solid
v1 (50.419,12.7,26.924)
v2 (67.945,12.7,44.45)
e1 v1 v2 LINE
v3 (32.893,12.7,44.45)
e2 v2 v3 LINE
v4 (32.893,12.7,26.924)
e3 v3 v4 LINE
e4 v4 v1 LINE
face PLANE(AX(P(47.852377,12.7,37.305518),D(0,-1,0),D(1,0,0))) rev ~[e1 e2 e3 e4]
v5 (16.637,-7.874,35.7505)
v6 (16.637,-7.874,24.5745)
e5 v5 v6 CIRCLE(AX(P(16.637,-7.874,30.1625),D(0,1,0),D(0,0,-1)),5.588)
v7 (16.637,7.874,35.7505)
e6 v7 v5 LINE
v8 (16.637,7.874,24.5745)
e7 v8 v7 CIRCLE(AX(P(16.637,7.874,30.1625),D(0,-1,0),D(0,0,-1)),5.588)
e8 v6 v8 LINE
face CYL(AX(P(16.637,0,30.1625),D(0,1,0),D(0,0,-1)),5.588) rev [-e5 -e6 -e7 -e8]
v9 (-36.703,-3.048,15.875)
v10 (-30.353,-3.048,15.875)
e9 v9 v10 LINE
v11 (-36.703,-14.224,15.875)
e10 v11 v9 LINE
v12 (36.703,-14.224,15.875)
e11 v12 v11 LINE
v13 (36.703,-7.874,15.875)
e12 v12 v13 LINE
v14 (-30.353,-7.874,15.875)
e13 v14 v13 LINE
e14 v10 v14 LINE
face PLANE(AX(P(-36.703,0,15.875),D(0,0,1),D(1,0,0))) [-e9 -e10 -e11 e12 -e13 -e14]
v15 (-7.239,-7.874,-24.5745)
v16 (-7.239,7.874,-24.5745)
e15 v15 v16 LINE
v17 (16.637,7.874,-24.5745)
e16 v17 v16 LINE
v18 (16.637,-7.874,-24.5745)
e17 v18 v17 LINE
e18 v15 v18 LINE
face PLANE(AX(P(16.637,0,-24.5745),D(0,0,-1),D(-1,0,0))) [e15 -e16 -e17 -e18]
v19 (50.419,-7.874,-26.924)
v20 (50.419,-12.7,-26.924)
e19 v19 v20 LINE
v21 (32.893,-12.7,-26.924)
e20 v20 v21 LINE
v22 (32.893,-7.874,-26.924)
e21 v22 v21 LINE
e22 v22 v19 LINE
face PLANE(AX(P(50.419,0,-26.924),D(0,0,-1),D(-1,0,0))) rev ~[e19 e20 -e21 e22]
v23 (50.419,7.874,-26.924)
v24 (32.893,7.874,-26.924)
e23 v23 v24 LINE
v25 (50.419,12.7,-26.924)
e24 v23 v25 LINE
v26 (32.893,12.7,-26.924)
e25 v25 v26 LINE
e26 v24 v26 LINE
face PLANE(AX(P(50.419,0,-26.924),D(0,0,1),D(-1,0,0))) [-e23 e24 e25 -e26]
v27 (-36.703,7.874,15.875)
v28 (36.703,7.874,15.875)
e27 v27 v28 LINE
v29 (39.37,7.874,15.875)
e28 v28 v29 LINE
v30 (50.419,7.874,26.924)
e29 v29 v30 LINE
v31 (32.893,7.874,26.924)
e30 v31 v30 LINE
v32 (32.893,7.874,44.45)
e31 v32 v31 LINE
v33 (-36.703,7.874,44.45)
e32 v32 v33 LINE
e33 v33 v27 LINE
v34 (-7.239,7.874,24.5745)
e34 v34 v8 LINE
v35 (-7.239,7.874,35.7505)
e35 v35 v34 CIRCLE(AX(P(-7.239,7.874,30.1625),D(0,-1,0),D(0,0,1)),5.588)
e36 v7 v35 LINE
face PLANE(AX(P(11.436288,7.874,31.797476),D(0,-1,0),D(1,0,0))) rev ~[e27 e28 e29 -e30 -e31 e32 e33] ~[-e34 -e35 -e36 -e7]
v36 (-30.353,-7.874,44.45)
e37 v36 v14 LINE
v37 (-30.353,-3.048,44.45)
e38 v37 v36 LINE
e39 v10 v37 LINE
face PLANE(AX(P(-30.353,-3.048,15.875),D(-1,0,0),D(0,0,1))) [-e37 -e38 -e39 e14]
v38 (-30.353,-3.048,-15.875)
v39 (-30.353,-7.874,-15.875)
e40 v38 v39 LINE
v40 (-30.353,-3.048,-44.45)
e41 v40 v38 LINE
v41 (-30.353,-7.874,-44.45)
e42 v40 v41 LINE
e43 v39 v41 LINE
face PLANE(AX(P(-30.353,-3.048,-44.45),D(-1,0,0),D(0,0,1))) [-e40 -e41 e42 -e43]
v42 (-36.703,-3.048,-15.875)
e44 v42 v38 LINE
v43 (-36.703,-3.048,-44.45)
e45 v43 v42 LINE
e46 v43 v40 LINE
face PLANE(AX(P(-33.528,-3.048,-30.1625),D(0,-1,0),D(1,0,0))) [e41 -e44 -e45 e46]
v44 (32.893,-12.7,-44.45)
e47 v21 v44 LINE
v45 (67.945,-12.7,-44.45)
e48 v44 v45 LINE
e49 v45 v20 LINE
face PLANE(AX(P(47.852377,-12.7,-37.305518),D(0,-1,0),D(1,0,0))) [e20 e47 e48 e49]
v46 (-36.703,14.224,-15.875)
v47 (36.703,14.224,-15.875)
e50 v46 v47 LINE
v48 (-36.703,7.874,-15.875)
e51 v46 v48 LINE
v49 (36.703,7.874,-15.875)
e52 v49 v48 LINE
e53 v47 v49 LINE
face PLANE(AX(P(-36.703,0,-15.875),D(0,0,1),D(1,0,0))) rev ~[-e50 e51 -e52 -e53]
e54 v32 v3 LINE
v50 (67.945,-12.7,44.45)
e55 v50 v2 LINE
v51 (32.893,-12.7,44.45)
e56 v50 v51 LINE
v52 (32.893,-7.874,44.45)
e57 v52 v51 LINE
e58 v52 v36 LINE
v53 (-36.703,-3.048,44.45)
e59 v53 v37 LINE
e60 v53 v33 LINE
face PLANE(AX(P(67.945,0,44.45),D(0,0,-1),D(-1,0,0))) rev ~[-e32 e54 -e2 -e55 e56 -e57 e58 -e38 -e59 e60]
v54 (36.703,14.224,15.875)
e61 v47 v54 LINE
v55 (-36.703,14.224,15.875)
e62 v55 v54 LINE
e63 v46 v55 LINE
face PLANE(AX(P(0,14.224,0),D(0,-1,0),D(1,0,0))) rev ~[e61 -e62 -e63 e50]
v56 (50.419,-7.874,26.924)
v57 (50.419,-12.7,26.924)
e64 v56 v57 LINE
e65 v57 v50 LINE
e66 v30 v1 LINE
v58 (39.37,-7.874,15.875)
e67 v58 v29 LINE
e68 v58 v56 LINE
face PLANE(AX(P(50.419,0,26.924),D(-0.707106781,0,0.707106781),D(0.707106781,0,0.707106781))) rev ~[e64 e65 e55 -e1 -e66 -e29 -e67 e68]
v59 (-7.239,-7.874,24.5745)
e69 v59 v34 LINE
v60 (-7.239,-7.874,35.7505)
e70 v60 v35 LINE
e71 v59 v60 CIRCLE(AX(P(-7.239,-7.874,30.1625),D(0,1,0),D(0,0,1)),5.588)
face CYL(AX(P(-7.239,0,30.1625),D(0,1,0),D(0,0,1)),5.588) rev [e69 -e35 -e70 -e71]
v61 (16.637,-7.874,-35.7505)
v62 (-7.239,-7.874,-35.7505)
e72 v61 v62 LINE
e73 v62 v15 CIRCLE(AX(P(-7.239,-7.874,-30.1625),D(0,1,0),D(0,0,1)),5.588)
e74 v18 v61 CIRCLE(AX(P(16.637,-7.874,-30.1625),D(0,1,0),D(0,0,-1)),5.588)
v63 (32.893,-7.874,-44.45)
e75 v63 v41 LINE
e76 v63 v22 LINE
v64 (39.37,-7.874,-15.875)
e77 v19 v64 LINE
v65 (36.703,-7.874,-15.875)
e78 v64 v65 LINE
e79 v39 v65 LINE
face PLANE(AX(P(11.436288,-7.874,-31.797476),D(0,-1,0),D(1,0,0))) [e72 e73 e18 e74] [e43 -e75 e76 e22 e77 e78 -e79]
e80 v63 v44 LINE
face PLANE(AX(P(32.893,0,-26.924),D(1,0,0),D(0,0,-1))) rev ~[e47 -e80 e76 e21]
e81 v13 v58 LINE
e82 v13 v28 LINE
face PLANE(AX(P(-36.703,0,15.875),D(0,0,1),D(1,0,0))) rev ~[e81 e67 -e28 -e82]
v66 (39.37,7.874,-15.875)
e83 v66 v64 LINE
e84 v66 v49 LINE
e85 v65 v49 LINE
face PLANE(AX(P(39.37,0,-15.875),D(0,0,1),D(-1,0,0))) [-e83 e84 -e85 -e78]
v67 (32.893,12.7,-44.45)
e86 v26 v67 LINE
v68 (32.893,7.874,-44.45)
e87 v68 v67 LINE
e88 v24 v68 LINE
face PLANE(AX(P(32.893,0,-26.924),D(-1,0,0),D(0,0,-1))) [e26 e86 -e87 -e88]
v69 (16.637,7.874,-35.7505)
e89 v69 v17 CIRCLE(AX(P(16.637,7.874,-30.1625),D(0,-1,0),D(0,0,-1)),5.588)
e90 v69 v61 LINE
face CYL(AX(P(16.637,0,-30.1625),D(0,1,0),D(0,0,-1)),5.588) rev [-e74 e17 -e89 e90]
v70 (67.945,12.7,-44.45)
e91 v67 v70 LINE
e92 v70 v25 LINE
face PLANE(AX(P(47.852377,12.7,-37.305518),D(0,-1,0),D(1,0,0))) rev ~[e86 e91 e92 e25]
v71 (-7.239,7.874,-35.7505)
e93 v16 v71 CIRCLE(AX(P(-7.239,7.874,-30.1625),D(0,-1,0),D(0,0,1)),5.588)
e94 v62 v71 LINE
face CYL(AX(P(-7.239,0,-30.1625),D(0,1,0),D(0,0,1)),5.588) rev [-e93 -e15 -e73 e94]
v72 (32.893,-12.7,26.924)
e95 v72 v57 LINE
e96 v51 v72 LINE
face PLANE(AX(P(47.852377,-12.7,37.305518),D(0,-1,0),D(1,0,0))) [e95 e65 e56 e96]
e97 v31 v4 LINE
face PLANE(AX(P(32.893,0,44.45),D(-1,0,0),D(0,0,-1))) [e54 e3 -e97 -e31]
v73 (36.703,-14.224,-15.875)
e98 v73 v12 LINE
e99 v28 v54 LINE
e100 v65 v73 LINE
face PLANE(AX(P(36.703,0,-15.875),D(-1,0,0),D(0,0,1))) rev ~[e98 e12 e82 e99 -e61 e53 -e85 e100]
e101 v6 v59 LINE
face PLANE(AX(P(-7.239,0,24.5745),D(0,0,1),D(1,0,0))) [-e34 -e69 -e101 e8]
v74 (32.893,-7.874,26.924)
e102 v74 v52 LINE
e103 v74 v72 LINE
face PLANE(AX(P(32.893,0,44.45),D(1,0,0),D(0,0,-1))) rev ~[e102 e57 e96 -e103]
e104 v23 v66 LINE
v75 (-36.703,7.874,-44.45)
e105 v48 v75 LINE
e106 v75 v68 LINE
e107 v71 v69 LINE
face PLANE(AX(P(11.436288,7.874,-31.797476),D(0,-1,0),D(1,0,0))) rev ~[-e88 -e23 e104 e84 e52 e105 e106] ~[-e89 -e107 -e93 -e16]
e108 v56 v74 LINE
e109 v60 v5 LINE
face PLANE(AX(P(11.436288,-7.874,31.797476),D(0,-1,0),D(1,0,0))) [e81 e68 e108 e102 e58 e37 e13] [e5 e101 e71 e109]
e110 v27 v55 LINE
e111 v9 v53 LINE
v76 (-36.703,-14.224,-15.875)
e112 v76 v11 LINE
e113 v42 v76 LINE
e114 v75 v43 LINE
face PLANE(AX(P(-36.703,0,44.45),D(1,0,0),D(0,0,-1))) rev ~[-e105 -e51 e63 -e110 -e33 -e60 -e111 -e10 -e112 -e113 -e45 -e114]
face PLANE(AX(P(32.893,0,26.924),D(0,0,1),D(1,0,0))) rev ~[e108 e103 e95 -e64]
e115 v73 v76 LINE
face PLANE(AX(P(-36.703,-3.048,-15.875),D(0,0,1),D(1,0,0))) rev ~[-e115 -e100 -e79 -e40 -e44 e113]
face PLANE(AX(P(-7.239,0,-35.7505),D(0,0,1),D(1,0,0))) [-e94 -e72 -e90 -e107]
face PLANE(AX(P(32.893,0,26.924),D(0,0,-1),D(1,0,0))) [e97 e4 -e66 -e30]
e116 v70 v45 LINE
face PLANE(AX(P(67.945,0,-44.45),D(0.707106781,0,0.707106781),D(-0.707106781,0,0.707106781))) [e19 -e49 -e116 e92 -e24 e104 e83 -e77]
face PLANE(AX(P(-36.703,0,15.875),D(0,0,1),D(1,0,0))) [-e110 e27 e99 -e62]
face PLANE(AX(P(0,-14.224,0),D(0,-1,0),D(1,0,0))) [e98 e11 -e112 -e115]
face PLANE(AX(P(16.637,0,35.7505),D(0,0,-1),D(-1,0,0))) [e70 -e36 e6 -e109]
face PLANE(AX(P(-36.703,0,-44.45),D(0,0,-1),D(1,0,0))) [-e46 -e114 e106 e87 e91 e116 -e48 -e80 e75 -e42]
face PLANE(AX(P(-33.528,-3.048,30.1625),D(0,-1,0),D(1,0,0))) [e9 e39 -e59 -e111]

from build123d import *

# Parameters (mm, degrees)
F0_W           = 73.406
F0_H           = 31.75
F6_DEPTH       = 14.224
F6_DEPTH_BACK  = 14.224
F7_DEPTH       = 7.874
F7_DEPTH_BACK  = 7.874
F8_DEPTH       = 12.7
F9_DEPTH       = 12.7
F9_DEPTH_BACK  = 12.7
F5_W           = 6.35
F5_H           = 28.575
F10_DEPTH      = 25.4
F11_DEPTH      = 14.224
F11_DEPTH_BACK = 14.224
F12_DEPTH      = 7.874
F12_DEPTH_BACK = 7.874
F13_DEPTH      = 12.7
F13_DEPTH_BACK = 12.7
F14_DEPTH      = 12.7
F14_DEPTH_BACK = 12.7
F15_DEPTH      = 9.652


with BuildPart() as f6:
    # F0 (on Front) → F6 (new body, two sides)
    with BuildSketch(Plane.XZ) as f6_sk:
        Rectangle(F0_W, F0_H)
    extrude(amount=-F6_DEPTH)
    extrude(f6_sk.sketch, amount=F6_DEPTH_BACK)

    # F0 (on Front) → F7 (join, two sides)
    with BuildSketch(Plane.XZ) as f7_sk:
        Polygon((-36.703, 44.45), (-36.703, 15.875), (36.703, 15.875), (39.37, 15.875), (67.945, 44.45), align=None)
        Polygon((36.703, -15.875), (-36.703, -15.875), (-36.703, -44.45), (67.945, -44.45), (39.37, -15.875), align=None)
    extrude(amount=-F7_DEPTH)
    extrude(f7_sk.sketch, amount=F7_DEPTH_BACK)

    # F1 (on Front) → F8 (cut, symmetric)
    with BuildSketch(Plane.XZ):
        with BuildLine():
            ThreePointArc((16.637, 24.5745), (22.225, 30.1625), (16.637, 35.7505))
            Line((16.637, 35.7505), (-7.239, 35.7505))
            ThreePointArc((-7.239, 35.7505), (-12.827, 30.1625), (-7.239, 24.5745))
            Line((-7.239, 24.5745), (16.637, 24.5745))
        make_face()
        with BuildLine():
            Line((-7.239, -35.7505), (16.637, -35.7505))
            ThreePointArc((16.637, -35.7505), (22.225, -30.1625), (16.637, -24.5745))
            Line((16.637, -24.5745), (-7.239, -24.5745))
            ThreePointArc((-7.239, -24.5745), (-12.827, -30.1625), (-7.239, -35.7505))
        make_face()
    extrude(amount=F8_DEPTH, both=True, mode=Mode.SUBTRACT)

    # F2 (on Front) → F9 (join, two sides)
    with BuildSketch(Plane.XZ) as f9_sk:
        Polygon((67.945, 44.45), (32.893, 44.45), (32.893, 26.924), (50.419, 26.924), align=None)
        Polygon((32.893, -44.45), (67.945, -44.45), (50.419, -26.924), (32.893, -26.924), align=None)
    extrude(amount=F9_DEPTH)
    extrude(f9_sk.sketch, amount=-F9_DEPTH_BACK)

    # F5 (on line) → F10 (cut)
    with BuildSketch(Plane.XZ.offset(3.048)):
        with Locations((-33.528, -30.1625)):
            Rectangle(F5_W, F5_H)
        with Locations((-33.528, 30.1625)):
            Rectangle(F5_W, F5_H)
    extrude(amount=F10_DEPTH, mode=Mode.SUBTRACT)



with BuildPart() as f11:
    # F0 (on Front) → F11 (new body, two sides)
    with BuildSketch(Plane.XZ) as f11_sk:
        Rectangle(F0_W, F0_H)
    extrude(amount=F11_DEPTH)
    extrude(f11_sk.sketch, amount=-F11_DEPTH_BACK)


with BuildPart() as f6_1:
    add(f6.part)

    add(f11.part)  # F12 merges F11
    # F0 (on Front) → F12 (join, two sides)
    with BuildSketch(Plane.XZ) as f12_sk:
        Polygon((-36.703, 44.45), (-36.703, 15.875), (36.703, 15.875), (39.37, 15.875), (67.945, 44.45), align=None)
        Polygon((36.703, -15.875), (-36.703, -15.875), (-36.703, -44.45), (67.945, -44.45), (39.37, -15.875), align=None)
    extrude(amount=F12_DEPTH)
    extrude(f12_sk.sketch, amount=-F12_DEPTH_BACK)

    # F1 (on Front) → F13 (cut, two sides)
    with BuildSketch(Plane.XZ) as f13_sk:
        with BuildLine():
            ThreePointArc((16.637, 24.5745), (22.225, 30.1625), (16.637, 35.7505))
            Line((16.637, 35.7505), (-7.239, 35.7505))
            ThreePointArc((-7.239, 35.7505), (-12.827, 30.1625), (-7.239, 24.5745))
            Line((-7.239, 24.5745), (16.637, 24.5745))
        make_face()
        with BuildLine():
            Line((-7.239, -35.7505), (16.637, -35.7505))
            ThreePointArc((16.637, -35.7505), (22.225, -30.1625), (16.637, -24.5745))
            Line((16.637, -24.5745), (-7.239, -24.5745))
            ThreePointArc((-7.239, -24.5745), (-12.827, -30.1625), (-7.239, -35.7505))
        make_face()
    extrude(amount=-F13_DEPTH, mode=Mode.SUBTRACT)
    extrude(f13_sk.sketch, amount=F13_DEPTH_BACK, mode=Mode.SUBTRACT)

    # F2 (on Front) → F14 (join, two sides)
    with BuildSketch(Plane.XZ) as f14_sk:
        Polygon((67.945, 44.45), (32.893, 44.45), (32.893, 26.924), (50.419, 26.924), align=None)
        Polygon((32.893, -44.45), (67.945, -44.45), (50.419, -26.924), (32.893, -26.924), align=None)
    extrude(amount=F14_DEPTH)
    extrude(f14_sk.sketch, amount=-F14_DEPTH_BACK)

    # F5 (on line) → F15 (cut, through all)
    with BuildSketch(Plane.XZ.offset(3.048)):
        with Locations((-33.528, 30.1625)):
            Rectangle(F5_W, F5_H)
        with Locations((-33.528, -30.1625)):
            Rectangle(F5_W, F5_H)
    extrude(amount=F15_DEPTH, mode=Mode.SUBTRACT)


solid = f6_1.part
